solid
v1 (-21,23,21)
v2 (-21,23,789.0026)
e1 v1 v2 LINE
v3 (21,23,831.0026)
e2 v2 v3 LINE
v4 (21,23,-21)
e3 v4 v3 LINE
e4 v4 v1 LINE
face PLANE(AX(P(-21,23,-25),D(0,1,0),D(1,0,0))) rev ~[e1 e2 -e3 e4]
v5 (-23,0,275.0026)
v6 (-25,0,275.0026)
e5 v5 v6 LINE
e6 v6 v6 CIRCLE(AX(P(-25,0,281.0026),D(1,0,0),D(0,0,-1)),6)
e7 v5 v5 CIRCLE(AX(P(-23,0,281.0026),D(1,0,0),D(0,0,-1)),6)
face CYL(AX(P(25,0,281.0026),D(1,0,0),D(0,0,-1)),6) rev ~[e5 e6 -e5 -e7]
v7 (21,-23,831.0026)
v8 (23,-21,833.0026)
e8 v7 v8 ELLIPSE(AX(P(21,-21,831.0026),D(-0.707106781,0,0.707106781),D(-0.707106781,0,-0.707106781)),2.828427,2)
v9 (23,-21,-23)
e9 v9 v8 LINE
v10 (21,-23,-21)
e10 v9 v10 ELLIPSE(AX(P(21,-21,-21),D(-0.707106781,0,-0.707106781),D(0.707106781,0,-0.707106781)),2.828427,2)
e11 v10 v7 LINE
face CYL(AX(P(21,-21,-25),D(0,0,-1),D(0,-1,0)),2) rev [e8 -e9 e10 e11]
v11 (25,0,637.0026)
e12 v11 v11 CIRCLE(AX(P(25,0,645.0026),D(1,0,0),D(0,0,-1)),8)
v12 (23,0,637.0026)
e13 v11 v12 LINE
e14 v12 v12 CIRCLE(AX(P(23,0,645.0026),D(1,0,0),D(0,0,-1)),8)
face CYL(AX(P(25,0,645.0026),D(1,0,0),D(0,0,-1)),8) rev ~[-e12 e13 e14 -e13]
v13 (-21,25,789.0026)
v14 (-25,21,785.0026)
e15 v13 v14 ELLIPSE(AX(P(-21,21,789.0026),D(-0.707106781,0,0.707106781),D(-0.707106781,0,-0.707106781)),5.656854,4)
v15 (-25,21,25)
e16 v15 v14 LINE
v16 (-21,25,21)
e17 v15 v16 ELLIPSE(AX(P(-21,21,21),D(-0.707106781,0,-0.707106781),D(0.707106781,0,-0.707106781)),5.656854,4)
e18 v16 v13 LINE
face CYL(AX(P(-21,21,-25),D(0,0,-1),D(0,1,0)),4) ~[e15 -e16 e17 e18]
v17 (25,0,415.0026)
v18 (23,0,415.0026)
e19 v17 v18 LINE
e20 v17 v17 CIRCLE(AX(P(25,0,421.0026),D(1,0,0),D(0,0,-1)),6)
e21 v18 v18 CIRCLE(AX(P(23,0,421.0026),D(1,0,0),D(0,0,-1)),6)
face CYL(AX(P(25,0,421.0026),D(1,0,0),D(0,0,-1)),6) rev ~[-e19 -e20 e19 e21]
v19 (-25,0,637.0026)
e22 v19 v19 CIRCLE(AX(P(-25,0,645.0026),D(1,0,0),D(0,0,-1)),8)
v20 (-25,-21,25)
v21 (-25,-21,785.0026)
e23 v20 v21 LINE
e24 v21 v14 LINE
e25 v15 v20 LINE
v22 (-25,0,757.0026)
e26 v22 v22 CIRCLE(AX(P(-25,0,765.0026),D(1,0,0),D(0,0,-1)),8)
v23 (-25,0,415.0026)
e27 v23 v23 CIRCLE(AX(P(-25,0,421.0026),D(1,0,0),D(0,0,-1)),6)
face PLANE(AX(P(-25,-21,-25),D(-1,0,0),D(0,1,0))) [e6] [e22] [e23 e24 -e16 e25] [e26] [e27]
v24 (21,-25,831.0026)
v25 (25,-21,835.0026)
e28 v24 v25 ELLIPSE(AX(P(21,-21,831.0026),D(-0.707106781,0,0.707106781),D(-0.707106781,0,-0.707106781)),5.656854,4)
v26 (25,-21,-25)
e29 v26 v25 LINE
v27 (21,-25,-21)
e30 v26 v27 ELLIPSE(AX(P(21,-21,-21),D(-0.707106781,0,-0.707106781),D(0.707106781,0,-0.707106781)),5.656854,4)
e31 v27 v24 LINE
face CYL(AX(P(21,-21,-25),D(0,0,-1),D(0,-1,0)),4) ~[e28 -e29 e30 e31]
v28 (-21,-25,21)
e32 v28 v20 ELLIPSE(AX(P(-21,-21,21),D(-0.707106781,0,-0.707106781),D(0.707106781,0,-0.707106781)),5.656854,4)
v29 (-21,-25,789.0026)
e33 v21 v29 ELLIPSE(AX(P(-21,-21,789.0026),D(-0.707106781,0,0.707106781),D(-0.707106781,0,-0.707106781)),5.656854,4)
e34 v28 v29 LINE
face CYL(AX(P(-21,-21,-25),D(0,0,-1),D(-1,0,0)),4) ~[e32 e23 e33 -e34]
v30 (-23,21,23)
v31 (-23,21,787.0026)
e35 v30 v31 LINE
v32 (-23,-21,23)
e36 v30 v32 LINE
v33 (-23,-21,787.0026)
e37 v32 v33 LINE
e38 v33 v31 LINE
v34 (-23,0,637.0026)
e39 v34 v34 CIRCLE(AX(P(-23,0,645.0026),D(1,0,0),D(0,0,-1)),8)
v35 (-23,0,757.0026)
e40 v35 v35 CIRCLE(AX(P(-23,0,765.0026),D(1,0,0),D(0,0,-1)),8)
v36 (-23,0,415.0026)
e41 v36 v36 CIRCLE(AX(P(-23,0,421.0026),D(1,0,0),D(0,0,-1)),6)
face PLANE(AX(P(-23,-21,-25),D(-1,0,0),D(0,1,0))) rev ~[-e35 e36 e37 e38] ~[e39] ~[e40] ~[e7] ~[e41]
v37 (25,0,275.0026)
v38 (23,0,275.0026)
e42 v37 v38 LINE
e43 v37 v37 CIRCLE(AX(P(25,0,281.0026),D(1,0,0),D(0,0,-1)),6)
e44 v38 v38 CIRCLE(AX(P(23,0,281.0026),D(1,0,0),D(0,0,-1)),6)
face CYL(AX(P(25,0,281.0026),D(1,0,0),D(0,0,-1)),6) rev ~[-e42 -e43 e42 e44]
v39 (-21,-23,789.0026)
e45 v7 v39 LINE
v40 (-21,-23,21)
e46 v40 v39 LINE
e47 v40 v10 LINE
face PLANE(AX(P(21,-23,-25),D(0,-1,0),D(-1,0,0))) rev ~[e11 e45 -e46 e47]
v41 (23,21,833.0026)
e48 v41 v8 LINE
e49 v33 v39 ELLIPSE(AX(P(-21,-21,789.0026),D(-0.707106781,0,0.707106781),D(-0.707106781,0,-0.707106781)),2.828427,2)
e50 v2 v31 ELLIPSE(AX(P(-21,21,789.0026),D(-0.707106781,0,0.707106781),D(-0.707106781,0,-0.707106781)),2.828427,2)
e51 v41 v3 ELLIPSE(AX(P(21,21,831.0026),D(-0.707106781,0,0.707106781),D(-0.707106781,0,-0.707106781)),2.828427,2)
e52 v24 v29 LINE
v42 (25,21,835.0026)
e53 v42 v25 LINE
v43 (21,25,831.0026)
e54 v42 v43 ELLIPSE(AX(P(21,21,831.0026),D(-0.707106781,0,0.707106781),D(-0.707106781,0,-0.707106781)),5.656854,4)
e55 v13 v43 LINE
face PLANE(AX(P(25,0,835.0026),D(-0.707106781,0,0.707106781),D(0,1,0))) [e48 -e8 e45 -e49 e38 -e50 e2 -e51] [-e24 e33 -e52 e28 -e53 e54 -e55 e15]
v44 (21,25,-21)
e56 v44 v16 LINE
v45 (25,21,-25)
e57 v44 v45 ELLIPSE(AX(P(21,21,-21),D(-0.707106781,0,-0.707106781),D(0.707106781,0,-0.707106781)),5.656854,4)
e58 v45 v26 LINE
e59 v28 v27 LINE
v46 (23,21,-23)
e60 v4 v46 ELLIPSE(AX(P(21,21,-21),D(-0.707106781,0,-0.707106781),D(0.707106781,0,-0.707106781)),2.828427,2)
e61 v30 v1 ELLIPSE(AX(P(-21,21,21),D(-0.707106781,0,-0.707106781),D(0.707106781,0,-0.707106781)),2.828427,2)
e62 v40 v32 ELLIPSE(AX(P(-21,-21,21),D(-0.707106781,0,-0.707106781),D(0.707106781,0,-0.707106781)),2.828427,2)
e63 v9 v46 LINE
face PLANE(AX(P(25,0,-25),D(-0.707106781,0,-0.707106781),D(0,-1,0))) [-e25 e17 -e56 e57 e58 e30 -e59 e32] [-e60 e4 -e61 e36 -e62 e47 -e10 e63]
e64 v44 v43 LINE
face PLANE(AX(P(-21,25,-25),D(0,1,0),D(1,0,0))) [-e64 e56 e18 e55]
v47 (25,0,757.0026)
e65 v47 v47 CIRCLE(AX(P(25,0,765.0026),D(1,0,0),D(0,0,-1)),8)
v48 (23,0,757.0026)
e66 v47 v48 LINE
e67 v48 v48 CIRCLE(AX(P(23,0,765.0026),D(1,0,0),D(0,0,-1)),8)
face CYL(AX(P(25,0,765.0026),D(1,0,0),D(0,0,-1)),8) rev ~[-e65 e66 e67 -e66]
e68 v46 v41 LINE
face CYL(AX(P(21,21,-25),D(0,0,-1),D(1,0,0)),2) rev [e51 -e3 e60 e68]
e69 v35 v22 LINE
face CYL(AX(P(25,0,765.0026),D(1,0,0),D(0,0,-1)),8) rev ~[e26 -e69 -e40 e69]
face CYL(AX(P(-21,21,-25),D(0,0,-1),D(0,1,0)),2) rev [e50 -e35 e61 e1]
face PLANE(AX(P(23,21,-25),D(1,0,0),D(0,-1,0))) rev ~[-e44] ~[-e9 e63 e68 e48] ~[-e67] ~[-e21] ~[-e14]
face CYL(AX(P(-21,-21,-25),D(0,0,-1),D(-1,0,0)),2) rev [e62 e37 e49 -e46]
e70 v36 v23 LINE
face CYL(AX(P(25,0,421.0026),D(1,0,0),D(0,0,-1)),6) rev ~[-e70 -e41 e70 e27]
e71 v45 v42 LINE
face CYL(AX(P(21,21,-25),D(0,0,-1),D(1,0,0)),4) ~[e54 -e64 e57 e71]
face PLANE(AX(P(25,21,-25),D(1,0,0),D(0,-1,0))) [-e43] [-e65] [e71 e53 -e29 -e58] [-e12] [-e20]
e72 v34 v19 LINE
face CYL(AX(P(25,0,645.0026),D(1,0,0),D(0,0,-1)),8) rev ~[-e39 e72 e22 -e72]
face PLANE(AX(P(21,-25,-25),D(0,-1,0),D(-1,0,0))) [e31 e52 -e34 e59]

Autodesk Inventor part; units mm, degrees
ref_plane "Start Plane" through (0, 0, -25) normal (0, 0, 1) x (1, 0, 0)
ref_plane "End Plane" through (0, 0, 835.0026) normal (0, 0, 1) x (1, 0, 0)
sketch "Sketch" plane through (0, 0, 0) normal (0, 0, 1) x (1, 0, 0)
  line L0 (-25, -21) -> (-25, 21)
  line L1 (-21, 25) -> (21, 25)
  line L2 (25, 21) -> (25, -21)
  line L3 (21, -25) -> (-21, -25)
  arc A0 (-25, -21) -> (-21, -25) centre (-21, -21) ccw
  arc A1 (25, 21) -> (21, 25) centre (21, 21) ccw
  arc A2 (-21, 25) -> (-25, 21) centre (-21, 21) ccw
  arc A3 (21, -25) -> (25, -21) centre (21, -21) ccw
  arc A4 (-21, 23) -> (-23, 21) centre (-21, 21) ccw
  line L4 (-21, 23) -> (21, 23)
  arc A5 (23, 21) -> (21, 23) centre (21, 21) ccw
  line L5 (23, 21) -> (23, -21)
  arc A6 (21, -23) -> (23, -21) centre (21, -21) ccw
  line L6 (21, -23) -> (-21, -23)
  arc A7 (-23, -21) -> (-21, -23) centre (-21, -21) ccw
  line L7 (-23, -21) -> (-23, 21)
  line L8 (0, 36.1598) -> (0, -36.1598) construction
  line L9 (-36.1598, 0) -> (36.1598, 0) construction
  dimension "d7" = 4
  dimension "d9" = 50
  dimension "d11" = 50
  dimension "d12" = 2
  dimension "d15" = 25
  dimension "d16" = 25
extrude "Body" add sketch "Sketch" along normal up to surface (860.0026 mm away) from surface at -25
sketch "Sketch3" plane through (0, 0, 0) normal (0, 0, 1) x (1, 0, 0)
  line L0 (0, 0) -> (10, 0)
ref_plane "Work Plane3" through (0, 0, 0) normal (0, -1, 0) x (1, 0, 0)
sketch "Sketch4" plane through (0, 0, 0) normal (0, -1, 0) x (1, 0, 0)
  line L0 (-2, -25) -> (12, -25)
  line L1 (-2, 835.0026) -> (12, 835.0026)
  dimension "d18" = 860.0026
ref_plane "Work Plane4" through (25, 0, 835.0026) normal (-0.7071, 0, 0.7071) x (0.7071, 0, 0.7071)
split "Split1" plane through (25, 0, 835.0026) removes the side toward (-0.7071, 0, 0.7071)
ref_plane "Work Plane5" through (25, 0, -25) normal (-0.7071, 0, -0.7071) x (-0.7071, 0, 0.7071)
split "Split2" plane through (25, 0, -25) removes the side toward (-0.7071, 0, -0.7071)
sketch "Sketch5" plane through (25, -21, 835.0026) normal (1, 0, 0) x (0, 0, -1)
  circle A0 centre (554, 21) radius 6 projected
  circle A1 centre (414, 21) radius 6 projected
  circle A2 centre (190, 21) radius 8 projected
  circle A3 centre (70, 21) radius 8 projected
  point P0 (835.0026, 21)
extrude "Extrusion2" cut sketch "Sketch5" against normal up to surface (50 mm away)
equation "\"d7\" = G_IR"
equation "\"d9\" = G_W"
equation "\"d11\" = G_H"
equation "\"d12\" = G_T"
equation "\"d15\" = 0.5 * d9"
equation "\"d16\" = 0.5 * d11"
equation "\"d3\" = G_L"
equation "\"G_W\" = 50"
equation "\"G_H\" = 50"
equation "\"G_T\" = 2"
equation "\"G_IR\" = 4"
equation "\"G_L\" = d18"
equation "\"G_OFFSET_START\" = 25"
equation "\"G_OFFSET_END\" = 25"
equation "\"d13\" = -G_OFFSET_START"
equation "\"d14\" = G_OFFSET_END + B_L"
equation "\"B_L\" = 810.0026"
properties part number "ISO 10799-2 - 50x50x2 - 860"
